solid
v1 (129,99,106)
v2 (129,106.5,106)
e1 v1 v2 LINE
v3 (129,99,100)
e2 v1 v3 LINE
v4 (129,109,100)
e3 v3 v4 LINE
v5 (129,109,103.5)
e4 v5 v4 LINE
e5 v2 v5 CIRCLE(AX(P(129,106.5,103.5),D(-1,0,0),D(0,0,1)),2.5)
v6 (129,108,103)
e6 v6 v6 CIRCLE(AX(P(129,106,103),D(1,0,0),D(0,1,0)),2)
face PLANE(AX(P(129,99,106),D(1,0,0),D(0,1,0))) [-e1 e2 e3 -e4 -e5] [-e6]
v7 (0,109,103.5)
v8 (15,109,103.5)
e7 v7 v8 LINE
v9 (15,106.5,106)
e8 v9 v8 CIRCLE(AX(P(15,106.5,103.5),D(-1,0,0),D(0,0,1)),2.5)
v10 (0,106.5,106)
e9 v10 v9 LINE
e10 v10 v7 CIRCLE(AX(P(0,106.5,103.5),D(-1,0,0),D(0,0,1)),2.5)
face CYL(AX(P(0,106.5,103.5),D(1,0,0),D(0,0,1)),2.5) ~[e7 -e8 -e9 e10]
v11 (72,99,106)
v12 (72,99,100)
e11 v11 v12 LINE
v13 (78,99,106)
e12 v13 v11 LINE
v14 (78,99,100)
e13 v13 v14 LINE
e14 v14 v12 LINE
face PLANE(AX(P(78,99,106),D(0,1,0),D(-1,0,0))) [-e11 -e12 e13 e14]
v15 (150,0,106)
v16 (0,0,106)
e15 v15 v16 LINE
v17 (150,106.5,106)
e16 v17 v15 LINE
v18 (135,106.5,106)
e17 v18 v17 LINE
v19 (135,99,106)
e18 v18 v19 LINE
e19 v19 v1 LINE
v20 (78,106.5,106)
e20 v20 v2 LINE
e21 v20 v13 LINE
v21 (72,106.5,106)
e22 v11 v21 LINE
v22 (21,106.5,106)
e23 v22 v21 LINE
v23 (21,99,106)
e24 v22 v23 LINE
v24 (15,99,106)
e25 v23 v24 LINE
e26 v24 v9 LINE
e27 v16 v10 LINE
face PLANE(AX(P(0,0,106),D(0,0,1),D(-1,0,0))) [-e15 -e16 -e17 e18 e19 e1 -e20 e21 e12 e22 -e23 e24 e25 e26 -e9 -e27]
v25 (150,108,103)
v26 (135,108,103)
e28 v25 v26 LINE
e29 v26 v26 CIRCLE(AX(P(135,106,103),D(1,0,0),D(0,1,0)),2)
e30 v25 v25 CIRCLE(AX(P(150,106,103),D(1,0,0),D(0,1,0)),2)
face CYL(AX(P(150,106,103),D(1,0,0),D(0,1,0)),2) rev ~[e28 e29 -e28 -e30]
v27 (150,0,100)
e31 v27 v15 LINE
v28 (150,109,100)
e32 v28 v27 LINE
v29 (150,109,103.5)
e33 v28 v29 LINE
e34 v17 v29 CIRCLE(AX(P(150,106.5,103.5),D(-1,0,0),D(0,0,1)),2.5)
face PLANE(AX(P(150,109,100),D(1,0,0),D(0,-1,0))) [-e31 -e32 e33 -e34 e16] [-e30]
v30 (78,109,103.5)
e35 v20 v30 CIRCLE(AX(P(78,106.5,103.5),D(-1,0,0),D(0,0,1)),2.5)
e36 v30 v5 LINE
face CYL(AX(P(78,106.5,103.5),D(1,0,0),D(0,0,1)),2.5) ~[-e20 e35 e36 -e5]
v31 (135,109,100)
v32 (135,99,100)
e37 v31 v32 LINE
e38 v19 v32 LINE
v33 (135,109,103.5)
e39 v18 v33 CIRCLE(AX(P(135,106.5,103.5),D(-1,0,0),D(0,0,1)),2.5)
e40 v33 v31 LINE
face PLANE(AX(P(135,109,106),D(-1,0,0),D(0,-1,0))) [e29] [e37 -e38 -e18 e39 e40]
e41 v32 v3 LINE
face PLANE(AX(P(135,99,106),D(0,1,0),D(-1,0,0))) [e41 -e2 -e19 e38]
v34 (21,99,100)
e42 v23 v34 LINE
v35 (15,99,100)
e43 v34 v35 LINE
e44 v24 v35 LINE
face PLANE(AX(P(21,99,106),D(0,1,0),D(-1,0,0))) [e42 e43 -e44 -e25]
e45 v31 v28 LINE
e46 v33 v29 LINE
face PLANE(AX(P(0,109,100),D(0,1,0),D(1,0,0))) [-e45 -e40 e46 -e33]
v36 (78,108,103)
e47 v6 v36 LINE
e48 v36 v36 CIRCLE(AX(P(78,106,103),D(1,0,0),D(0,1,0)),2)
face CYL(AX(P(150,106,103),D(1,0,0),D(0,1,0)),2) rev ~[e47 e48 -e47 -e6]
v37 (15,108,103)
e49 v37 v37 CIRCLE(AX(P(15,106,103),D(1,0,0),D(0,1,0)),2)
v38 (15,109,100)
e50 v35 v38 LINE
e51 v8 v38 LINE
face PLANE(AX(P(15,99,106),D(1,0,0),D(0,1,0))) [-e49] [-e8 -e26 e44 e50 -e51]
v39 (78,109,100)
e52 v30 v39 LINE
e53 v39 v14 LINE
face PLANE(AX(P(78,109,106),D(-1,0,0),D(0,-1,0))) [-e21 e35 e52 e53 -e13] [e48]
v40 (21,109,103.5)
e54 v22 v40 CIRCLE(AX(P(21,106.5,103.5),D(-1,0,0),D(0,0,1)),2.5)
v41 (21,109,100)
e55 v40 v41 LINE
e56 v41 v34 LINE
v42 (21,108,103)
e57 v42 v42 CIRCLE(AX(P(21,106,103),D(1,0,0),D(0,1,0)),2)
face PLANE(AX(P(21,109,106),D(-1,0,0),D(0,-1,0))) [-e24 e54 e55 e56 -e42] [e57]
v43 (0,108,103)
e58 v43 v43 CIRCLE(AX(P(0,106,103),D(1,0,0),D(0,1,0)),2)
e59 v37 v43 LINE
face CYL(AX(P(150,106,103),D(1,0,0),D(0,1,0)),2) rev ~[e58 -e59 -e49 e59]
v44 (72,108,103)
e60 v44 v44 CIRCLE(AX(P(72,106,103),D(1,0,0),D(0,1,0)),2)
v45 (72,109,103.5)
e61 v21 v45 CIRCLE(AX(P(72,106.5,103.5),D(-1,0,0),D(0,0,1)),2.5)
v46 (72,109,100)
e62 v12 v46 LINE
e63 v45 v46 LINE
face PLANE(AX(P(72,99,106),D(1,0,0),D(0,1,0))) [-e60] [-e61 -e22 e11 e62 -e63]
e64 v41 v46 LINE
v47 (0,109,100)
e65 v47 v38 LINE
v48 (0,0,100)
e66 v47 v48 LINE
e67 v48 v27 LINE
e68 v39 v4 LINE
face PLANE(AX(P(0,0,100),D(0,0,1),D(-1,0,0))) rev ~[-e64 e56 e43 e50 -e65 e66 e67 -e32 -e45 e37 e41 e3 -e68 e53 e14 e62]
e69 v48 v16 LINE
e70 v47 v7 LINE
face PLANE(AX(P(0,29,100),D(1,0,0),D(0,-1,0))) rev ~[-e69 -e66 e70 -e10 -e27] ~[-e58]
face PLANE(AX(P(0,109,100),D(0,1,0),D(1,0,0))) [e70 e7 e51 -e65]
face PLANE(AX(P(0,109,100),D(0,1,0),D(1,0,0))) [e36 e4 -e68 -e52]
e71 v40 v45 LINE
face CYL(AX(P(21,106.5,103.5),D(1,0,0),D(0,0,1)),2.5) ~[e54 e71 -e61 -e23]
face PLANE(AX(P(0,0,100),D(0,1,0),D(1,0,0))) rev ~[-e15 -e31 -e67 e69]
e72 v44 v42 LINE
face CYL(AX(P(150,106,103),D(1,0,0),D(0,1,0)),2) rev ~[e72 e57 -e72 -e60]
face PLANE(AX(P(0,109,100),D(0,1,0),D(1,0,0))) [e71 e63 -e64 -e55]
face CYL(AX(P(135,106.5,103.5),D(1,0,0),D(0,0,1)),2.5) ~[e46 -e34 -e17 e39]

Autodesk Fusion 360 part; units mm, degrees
sketch "草图1" plane through (0, 0, 13.3714) normal (0, 0, 1) x (-1, 0, 0)
  line L0 (10.9987, -232.8503) -> (25.9987, -232.8503)
  line L1 (25.9987, -232.8503) -> (25.9987, -126.3503)
  line L2 (25.9987, -126.3503) -> (-124.0013, -126.3503)
  line L3 (-124.0013, -126.3503) -> (-124.0013, -232.8503)
  line L4 (-124.0013, -232.8503) -> (-109.0013, -232.8503)
  line L5 (-109.0013, -232.8503) -> (-109.0013, -225.3503)
  line L6 (-109.0013, -225.3503) -> (-103.0013, -225.3503)
  line L7 (-103.0013, -225.3503) -> (-103.0013, -232.8503)
  line L8 (-103.0013, -232.8503) -> (-52.0013, -232.8503)
  line L9 (-52.0013, -232.8503) -> (-52.0013, -225.3503)
  line L10 (-52.0013, -225.3503) -> (-46.0013, -225.3503)
  line L11 (-46.0013, -225.3503) -> (-46.0013, -232.8503)
  line L12 (-46.0013, -232.8503) -> (4.9987, -232.8503)
  line L13 (4.9987, -232.8503) -> (4.9987, -225.3503)
  line L14 (4.9987, -225.3503) -> (10.9987, -225.3503)
  line L15 (10.9987, -225.3503) -> (10.9987, -232.8503)
  line L16 (-114.0013, -225.3503) -> (-127.4522, -225.3503)
  line L17 (-127.4522, -225.3503) -> (-127.4522, -236.557)
  line L18 (-127.4522, -236.557) -> (-114.0013, -236.557)
  line L19 (-114.0013, -236.557) -> (-114.0013, -225.3503)
  line L20 (-98.0013, -225.3503) -> (-57.0013, -225.3503)
  line L21 (-57.0013, -225.3503) -> (-57.0013, -239)
  line L22 (-57.0013, -239) -> (-98.0013, -239)
  line L23 (-98.0013, -239) -> (-98.0013, -225.3503)
  line L24 (-41.0013, -225.3503) -> (-0.0013, -225.3503)
  line L25 (-0.0013, -225.3503) -> (-0.0013, -240)
  line L26 (-0.0013, -240) -> (-41.0013, -240)
  line L27 (-41.0013, -240) -> (-41.0013, -225.3503)
  line L28 (15.9987, -225.3503) -> (29.1278, -225.3503)
  line L29 (29.1278, -225.3503) -> (29.1278, -239)
  line L30 (29.1278, -239) -> (15.9987, -239)
  line L31 (15.9987, -239) -> (15.9987, -225.3503)
  dimension "d1" = 5
  dimension "d2" = 5
  dimension "d3" = 5
  dimension "d4" = 5
  dimension "d5" = 5
  dimension "d6" = 5
sketch "草图2" plane through (150, 0, 0) normal (1, 0, 0) x (0, 1, 0)
  line L0 (0, 100) -> (109, 100)
  line L1 (109, 100) -> (109, 106)
  line L2 (109, 106) -> (0, 106)
  line L3 (0, 106) -> (0, 100)
  circle A0 centre (106, 103) radius 2
  dimension "d7" = 4
  dimension "d8" = 3
  dimension "d9" = 3
sketch "草图3" plane through (0, 0, 100) normal (0, 0, 1) x (-1, 0, 0)
  line L0 (-3, -29) -> (0, -29)
  line L1 (0, -29) -> (0, 0)
  line L2 (0, 0) -> (-63, 0)
  line L3 (-63, 0) -> (-63, -3)
  line L4 (-63, -3) -> (-3, -3)
  line L5 (-3, -3) -> (-3, -29)
  line L6 (0, -109) -> (-150, -109)
  line L7 (-150, -109) -> (-150, 0)
  line L8 (-150, 0) -> (0, 0)
  line L9 (0, 0) -> (0, -109)
  dimension "d10" = 150
  dimension "d11" = 109
sketch "草图4" plane through (0, 0, 106) normal (0, 0, 1) x (-1, 0, 0)
  line L0 (0, 0) -> (-150, 0)
  line L1 (-150, 0) -> (-150, -109)
  line L2 (-150, -109) -> (0, -109)
  line L3 (0, -109) -> (0, 0)
  line L4 (-135, -99) -> (-129, -99)
  line L5 (-129, -99) -> (-129, -109)
  line L6 (-129, -109) -> (-135, -109)
  line L7 (-135, -109) -> (-135, -99)
  line L8 (-78, -99) -> (-72, -99)
  line L9 (-72, -99) -> (-72, -109)
  line L10 (-72, -109) -> (-78, -109)
  line L11 (-78, -109) -> (-78, -99)
  line L12 (-21, -99) -> (-15, -99)
  line L13 (-15, -99) -> (-15, -109)
  line L14 (-15, -109) -> (-21, -109)
  line L15 (-21, -109) -> (-21, -99)
  dimension "d12" = 6
  dimension "d13" = 10
  dimension "d14" = 15
  dimension "d15" = 6
  dimension "d16" = 10
  dimension "d17" = 6
  dimension "d18" = 10
  dimension "d19" = 72
  dimension "d20" = 15
extrude "拉伸1" add sketch "草图3" along normal blind 6
extrude "拉伸2" cut sketch "草图4" against normal blind 10 contours L2 L12 L13 L14 L15 | L2 L4 L5 L6 L7 | L2 L8 L9 L10 L11
extrude "拉伸3" cut sketch "草图2" against normal blind 170 contours A0
fillet "圆角1" radius 2.5 4 edges at (142.5, 109, 106) (103.5, 109, 106) (46.5, 109, 106) (7.5, 109, 106)
extrude "拉伸4" cut sketch "草图1" against normal blind 25 contours L0 L1 L28 L31 | L0 L1 L28 L29 L30 L31 | L12 L25 L26 L27 | L12 L24 L25 L27 | L3 L4 L16 L19 | L3 L4 L16 L17 L18 L19 | L8 L21 L22 L23 | L8 L20 L21 L23
